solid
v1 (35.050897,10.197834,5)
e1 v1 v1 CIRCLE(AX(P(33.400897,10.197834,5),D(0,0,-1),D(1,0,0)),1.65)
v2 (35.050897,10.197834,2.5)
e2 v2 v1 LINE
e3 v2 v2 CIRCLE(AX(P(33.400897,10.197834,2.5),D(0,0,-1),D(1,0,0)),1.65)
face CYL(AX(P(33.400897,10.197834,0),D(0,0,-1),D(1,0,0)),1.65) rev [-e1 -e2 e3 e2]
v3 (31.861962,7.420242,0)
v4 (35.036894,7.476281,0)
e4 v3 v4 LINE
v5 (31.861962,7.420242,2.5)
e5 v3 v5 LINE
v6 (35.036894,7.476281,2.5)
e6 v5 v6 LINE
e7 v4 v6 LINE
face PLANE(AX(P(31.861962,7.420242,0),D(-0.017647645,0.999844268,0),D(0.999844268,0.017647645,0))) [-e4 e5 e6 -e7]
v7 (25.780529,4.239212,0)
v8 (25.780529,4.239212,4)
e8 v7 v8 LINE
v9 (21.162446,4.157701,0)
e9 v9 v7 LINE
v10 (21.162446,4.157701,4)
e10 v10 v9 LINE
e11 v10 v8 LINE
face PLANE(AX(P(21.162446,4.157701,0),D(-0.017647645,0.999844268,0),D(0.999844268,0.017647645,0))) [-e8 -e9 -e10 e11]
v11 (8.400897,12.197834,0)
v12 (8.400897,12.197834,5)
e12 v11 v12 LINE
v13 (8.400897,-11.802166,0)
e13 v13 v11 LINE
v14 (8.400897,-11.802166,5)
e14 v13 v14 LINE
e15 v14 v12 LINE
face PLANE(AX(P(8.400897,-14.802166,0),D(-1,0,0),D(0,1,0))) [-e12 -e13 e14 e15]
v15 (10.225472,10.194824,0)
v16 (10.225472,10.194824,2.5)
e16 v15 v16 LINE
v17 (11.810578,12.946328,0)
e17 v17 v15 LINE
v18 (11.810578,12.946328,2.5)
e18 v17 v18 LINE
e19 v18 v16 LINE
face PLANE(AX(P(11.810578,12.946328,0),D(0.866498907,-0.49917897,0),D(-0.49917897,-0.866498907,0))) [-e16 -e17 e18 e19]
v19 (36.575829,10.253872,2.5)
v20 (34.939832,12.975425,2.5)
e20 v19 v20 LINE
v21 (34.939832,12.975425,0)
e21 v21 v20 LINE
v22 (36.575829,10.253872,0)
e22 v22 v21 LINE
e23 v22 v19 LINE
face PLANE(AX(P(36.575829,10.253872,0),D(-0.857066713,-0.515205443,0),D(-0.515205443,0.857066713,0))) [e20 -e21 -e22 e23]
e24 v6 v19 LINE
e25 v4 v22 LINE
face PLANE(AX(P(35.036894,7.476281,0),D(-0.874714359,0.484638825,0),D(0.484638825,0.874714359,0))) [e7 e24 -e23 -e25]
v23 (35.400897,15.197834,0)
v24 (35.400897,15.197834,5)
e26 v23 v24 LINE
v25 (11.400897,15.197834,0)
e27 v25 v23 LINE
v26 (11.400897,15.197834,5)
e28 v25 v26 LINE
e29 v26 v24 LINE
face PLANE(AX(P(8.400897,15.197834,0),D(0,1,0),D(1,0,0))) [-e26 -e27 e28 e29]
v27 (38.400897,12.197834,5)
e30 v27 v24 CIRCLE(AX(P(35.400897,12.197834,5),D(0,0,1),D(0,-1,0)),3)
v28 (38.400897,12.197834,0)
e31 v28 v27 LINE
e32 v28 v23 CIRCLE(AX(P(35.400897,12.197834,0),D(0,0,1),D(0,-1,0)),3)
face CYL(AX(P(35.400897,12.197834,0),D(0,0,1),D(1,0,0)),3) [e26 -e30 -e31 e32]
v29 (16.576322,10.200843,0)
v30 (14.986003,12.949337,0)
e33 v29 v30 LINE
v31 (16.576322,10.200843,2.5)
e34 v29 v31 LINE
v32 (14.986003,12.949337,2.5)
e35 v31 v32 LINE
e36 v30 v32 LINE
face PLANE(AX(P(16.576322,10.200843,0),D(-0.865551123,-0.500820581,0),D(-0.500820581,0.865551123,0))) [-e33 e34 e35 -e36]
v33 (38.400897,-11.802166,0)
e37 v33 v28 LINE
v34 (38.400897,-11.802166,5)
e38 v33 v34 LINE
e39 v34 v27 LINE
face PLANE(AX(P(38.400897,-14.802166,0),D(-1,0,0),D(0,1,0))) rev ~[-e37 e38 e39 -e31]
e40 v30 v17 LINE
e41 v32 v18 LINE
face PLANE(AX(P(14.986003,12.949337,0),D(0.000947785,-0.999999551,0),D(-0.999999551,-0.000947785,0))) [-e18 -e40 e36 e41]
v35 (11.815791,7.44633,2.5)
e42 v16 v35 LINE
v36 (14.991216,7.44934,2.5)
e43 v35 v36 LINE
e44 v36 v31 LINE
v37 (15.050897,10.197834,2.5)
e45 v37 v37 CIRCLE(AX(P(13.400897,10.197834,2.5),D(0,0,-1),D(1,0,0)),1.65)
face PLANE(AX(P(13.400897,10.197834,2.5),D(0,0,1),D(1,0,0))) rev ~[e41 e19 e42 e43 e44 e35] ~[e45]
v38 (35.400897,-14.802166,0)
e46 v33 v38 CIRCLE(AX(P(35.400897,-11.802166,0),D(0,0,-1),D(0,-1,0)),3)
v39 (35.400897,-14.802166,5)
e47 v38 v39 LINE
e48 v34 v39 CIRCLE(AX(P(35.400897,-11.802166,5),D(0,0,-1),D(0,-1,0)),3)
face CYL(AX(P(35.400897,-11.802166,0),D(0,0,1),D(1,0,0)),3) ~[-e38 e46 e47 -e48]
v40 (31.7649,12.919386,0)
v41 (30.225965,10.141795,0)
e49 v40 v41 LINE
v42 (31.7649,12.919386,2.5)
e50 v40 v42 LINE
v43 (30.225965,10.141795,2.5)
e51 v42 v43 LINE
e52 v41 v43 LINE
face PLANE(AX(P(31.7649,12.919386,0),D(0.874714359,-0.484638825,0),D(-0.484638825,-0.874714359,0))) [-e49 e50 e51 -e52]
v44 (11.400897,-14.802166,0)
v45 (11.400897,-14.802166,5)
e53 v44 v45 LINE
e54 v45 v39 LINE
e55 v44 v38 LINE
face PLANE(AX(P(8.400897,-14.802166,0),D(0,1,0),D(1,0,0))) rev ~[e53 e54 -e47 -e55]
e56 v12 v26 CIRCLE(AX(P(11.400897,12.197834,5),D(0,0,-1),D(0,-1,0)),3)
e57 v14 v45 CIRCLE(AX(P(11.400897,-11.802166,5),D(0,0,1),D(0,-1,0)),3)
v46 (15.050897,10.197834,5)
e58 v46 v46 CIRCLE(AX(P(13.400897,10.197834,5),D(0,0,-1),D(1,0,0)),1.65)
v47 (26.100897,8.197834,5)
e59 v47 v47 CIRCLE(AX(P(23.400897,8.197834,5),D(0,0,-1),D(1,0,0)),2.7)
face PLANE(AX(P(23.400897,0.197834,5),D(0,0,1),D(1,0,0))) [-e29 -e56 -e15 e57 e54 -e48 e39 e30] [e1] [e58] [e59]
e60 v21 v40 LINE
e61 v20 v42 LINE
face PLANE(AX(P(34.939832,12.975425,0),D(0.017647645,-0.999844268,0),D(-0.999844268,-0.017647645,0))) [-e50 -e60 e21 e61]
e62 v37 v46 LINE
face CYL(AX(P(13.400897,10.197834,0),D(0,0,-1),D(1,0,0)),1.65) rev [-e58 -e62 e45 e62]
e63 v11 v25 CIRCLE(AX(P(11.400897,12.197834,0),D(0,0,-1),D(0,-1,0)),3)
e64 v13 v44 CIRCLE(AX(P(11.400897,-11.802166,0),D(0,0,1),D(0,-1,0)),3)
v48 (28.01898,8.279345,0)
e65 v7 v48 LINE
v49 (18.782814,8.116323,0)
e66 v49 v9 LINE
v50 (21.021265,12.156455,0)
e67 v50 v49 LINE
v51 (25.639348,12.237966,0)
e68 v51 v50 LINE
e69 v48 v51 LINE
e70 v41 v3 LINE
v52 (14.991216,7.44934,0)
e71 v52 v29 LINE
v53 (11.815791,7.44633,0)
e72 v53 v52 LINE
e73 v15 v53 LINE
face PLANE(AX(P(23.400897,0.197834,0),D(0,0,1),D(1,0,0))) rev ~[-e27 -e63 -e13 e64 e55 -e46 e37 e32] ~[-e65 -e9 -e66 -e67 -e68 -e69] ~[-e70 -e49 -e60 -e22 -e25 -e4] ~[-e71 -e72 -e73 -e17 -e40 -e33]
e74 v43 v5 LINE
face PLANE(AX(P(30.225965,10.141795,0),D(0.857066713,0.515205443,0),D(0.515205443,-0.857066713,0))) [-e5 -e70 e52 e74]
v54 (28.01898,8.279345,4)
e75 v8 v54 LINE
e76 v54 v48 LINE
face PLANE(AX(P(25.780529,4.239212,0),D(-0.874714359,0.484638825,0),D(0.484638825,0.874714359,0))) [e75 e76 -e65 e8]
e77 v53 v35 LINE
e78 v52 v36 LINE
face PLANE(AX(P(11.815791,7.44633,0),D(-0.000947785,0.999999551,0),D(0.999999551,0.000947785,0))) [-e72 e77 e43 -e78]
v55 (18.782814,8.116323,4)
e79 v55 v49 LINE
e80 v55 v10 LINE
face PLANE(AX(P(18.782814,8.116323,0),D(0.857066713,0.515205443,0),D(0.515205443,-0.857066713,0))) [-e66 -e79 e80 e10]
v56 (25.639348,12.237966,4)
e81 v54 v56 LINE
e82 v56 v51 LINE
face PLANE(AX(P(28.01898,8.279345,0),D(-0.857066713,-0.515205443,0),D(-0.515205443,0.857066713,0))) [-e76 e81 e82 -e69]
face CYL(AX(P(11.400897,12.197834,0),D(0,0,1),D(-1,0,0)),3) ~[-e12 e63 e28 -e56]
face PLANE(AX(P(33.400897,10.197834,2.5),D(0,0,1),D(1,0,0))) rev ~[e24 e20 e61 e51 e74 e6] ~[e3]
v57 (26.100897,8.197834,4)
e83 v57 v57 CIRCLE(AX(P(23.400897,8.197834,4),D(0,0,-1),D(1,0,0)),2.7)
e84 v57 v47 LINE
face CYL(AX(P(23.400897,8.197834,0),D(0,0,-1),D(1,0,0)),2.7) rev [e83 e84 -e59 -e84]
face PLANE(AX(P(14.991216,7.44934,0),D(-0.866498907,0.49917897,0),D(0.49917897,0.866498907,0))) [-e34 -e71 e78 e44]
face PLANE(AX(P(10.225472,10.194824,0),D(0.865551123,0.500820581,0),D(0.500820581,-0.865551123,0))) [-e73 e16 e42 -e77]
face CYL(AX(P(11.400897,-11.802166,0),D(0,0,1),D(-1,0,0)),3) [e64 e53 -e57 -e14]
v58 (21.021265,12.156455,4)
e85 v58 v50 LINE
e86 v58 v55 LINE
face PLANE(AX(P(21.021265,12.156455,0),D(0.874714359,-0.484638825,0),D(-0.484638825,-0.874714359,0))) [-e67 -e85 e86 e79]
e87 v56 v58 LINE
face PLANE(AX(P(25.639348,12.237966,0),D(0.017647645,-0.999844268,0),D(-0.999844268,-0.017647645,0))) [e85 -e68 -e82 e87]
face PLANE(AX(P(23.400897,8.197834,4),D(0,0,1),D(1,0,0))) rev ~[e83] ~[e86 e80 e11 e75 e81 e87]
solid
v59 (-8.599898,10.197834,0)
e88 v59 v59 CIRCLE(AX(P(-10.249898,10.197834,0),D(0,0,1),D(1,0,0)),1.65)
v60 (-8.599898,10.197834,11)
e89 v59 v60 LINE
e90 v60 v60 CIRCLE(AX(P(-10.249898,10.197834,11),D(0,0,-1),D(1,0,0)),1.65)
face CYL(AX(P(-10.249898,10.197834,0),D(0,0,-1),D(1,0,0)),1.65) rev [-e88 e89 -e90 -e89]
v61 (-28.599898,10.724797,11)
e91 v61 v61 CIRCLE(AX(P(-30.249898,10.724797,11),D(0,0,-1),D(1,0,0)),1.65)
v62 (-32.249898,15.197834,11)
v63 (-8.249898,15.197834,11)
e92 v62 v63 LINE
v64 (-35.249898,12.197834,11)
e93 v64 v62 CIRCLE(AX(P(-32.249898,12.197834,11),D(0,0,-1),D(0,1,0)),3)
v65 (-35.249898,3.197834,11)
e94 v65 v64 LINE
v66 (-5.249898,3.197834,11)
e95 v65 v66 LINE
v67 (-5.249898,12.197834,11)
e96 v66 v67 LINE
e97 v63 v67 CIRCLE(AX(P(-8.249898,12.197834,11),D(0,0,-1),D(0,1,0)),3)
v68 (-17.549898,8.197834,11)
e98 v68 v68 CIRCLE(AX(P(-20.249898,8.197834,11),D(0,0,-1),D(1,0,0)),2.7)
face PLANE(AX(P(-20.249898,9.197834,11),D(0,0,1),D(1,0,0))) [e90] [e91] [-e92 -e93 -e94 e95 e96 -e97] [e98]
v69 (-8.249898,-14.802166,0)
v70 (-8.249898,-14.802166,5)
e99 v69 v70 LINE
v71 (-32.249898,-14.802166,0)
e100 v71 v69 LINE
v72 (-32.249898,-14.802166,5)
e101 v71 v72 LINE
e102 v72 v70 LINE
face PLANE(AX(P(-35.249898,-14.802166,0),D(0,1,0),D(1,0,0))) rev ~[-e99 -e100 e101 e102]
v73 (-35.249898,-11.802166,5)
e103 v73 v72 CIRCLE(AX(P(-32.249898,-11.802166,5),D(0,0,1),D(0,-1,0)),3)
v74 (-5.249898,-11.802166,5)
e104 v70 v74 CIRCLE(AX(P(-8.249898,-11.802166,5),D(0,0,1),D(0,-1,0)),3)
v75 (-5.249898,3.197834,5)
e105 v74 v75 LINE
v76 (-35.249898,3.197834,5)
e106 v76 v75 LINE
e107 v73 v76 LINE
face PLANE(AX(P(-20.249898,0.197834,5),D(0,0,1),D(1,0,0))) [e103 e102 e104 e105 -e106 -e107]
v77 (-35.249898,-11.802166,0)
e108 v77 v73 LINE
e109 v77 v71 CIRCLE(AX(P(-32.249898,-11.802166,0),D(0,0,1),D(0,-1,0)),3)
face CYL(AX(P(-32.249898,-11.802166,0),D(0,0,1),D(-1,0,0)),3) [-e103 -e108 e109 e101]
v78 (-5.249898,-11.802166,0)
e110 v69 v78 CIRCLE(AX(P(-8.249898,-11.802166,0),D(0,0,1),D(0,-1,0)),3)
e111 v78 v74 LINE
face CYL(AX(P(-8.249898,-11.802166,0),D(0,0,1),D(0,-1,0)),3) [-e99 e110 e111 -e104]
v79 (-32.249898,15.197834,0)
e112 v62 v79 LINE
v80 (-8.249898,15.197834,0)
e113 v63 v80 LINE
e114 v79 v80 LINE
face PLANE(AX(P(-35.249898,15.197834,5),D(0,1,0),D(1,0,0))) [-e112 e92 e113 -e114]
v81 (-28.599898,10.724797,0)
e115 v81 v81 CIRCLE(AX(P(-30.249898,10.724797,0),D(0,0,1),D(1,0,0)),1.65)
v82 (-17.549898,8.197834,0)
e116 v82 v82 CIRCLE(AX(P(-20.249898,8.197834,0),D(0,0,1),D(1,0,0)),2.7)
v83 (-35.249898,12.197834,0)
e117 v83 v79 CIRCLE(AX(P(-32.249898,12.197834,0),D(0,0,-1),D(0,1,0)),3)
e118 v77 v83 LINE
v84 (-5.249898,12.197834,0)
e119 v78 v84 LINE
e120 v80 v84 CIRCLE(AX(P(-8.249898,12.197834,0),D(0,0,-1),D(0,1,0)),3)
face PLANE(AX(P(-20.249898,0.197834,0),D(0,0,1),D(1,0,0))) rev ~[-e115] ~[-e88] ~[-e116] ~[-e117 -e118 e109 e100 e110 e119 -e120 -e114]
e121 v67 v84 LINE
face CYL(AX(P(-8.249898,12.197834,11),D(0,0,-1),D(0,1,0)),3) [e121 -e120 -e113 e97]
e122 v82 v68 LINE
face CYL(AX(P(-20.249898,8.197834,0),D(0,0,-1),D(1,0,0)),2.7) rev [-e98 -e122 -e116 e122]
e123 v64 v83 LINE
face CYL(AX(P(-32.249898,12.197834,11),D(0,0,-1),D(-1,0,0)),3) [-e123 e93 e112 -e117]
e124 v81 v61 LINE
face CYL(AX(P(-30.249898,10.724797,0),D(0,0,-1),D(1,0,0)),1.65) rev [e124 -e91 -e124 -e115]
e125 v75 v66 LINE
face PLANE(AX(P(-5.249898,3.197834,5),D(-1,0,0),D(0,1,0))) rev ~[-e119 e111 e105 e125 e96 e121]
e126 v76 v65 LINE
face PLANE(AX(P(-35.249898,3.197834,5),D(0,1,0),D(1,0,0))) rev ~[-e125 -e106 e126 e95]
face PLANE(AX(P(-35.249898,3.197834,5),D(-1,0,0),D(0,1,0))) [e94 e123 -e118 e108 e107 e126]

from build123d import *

# Parameters (mm, degrees)
F0_W     = 30
F0_H     = 30
F1_DEPTH = 5
F2_W     = 30
F2_H     = 12
F3_DEPTH = 6
F4_R     = 1.65
F4_R_2   = 2.7
F5_DEPTH = 11.001
F7_DEPTH = 2.5
F8_DEPTH = 1.5
F9_R     = 3
F9_2_R   = 3


with BuildPart() as f1:
    # F0 (on Top) → F1 (new body)
    with BuildSketch(Plane.XY):
        with Locations((-20.2498977029, 0.1978335731)):
            Rectangle(F0_W, F0_H)
    extrude(amount=F1_DEPTH)

    # F2 (on face) → F3 (join)
    with BuildSketch(Plane.XY.offset(5)):
        with Locations((-20.2498977029, 9.1978335731)):
            Rectangle(F2_W, F2_H)
    extrude(amount=F3_DEPTH)


with BuildPart() as f1b:
    # F0 (on Top) → F1, piece 2 (new body)
    with BuildSketch(Plane.XY):
        with Locations((23.4008972489, 0.1978335731)):
            Rectangle(F0_W, F0_H)
    extrude(amount=F1_DEPTH)


with BuildPart() as f5_tool:
    # F4 (on Top) → F5 (new body, through all)
    with BuildSketch(Plane.XY):
        with Locations((33.4008972489, 10.1978335731)):
            Circle(F4_R)
        with Locations((23.4008972489, 8.1978335731)):
            Circle(F4_R_2)
        with Locations((13.4008972489, 10.1978335731)):
            Circle(F4_R)
        with Locations((-10.2498977029, 10.1978335731)):
            Circle(F4_R)
        with Locations((-20.2498977029, 8.1978335731)):
            Circle(F4_R_2)
        with Locations((-30.2498977029, 10.7247970566)):
            Circle(F4_R)
    extrude(amount=F5_DEPTH)


with BuildPart() as f1_1:
    add(f1.part)

    # F5: cut by f5_tool
    add(f5_tool.part, mode=Mode.SUBTRACT)

    # F9#2
    f9_2_edges = [f1_1.edges().sort_by_distance(p)[0] for p in [
        (-5.249898, -14.802166, 2.5),
        (-35.249898, -14.802166, 2.5),
        (-35.249898, 15.197834, 5.5),
        (-5.249898, 15.197834, 5.5),
    ]]
    fillet(f9_2_edges, radius=F9_2_R)


with BuildPart() as f1b_1:
    add(f1b.part)

    # F5: cut by f5_tool
    add(f5_tool.part, mode=Mode.SUBTRACT)

    # F6 (on Top) → F7 (cut)
    with BuildSketch(Plane.XY):
        Polygon((14.9912161835, 7.4493396183), (16.5763223032, 10.2008431932), (14.9860033686, 12.949337148), (11.8105783143, 12.9463275279), (10.2254721946, 10.194823953), (11.8157911292, 7.4463299982), align=None)
        Polygon((25.78052926, 4.2392119916), (28.018980108, 8.2793445556), (25.6393480969, 12.2379661371), (21.0212652379, 12.1564551545), (18.7828143899, 8.1163225906), (21.162446401, 4.1577010091), align=None)
        Polygon((35.0368942565, 7.4762812358), (36.5758292145, 10.2538723736), (34.9398322069, 12.9754247108), (31.7649002413, 12.9193859103), (30.2259652833, 10.1417947726), (31.8619622909, 7.4202424353), align=None)
    extrude(amount=F7_DEPTH, mode=Mode.SUBTRACT)

    # F8 (cut): a face of the model
    f8_faces = [f1b_1.faces().sort_by_distance(p)[0] for p in [
        (23.4693221441, 4.3211555386, 2.5),
    ]]
    extrude(f8_faces, amount=-F8_DEPTH, mode=Mode.SUBTRACT)

    # F9
    f9_edges = [f1b_1.edges().sort_by_distance(p)[0] for p in [
        (38.400897, -14.802166, 2.5),
        (38.400897, 15.197834, 2.5),
        (8.400897, -14.802166, 2.5),
        (8.400897, 15.197834, 2.5),
    ]]
    fillet(f9_edges, radius=F9_R)


solid = Compound([f1_1.part, f1b_1.part])
